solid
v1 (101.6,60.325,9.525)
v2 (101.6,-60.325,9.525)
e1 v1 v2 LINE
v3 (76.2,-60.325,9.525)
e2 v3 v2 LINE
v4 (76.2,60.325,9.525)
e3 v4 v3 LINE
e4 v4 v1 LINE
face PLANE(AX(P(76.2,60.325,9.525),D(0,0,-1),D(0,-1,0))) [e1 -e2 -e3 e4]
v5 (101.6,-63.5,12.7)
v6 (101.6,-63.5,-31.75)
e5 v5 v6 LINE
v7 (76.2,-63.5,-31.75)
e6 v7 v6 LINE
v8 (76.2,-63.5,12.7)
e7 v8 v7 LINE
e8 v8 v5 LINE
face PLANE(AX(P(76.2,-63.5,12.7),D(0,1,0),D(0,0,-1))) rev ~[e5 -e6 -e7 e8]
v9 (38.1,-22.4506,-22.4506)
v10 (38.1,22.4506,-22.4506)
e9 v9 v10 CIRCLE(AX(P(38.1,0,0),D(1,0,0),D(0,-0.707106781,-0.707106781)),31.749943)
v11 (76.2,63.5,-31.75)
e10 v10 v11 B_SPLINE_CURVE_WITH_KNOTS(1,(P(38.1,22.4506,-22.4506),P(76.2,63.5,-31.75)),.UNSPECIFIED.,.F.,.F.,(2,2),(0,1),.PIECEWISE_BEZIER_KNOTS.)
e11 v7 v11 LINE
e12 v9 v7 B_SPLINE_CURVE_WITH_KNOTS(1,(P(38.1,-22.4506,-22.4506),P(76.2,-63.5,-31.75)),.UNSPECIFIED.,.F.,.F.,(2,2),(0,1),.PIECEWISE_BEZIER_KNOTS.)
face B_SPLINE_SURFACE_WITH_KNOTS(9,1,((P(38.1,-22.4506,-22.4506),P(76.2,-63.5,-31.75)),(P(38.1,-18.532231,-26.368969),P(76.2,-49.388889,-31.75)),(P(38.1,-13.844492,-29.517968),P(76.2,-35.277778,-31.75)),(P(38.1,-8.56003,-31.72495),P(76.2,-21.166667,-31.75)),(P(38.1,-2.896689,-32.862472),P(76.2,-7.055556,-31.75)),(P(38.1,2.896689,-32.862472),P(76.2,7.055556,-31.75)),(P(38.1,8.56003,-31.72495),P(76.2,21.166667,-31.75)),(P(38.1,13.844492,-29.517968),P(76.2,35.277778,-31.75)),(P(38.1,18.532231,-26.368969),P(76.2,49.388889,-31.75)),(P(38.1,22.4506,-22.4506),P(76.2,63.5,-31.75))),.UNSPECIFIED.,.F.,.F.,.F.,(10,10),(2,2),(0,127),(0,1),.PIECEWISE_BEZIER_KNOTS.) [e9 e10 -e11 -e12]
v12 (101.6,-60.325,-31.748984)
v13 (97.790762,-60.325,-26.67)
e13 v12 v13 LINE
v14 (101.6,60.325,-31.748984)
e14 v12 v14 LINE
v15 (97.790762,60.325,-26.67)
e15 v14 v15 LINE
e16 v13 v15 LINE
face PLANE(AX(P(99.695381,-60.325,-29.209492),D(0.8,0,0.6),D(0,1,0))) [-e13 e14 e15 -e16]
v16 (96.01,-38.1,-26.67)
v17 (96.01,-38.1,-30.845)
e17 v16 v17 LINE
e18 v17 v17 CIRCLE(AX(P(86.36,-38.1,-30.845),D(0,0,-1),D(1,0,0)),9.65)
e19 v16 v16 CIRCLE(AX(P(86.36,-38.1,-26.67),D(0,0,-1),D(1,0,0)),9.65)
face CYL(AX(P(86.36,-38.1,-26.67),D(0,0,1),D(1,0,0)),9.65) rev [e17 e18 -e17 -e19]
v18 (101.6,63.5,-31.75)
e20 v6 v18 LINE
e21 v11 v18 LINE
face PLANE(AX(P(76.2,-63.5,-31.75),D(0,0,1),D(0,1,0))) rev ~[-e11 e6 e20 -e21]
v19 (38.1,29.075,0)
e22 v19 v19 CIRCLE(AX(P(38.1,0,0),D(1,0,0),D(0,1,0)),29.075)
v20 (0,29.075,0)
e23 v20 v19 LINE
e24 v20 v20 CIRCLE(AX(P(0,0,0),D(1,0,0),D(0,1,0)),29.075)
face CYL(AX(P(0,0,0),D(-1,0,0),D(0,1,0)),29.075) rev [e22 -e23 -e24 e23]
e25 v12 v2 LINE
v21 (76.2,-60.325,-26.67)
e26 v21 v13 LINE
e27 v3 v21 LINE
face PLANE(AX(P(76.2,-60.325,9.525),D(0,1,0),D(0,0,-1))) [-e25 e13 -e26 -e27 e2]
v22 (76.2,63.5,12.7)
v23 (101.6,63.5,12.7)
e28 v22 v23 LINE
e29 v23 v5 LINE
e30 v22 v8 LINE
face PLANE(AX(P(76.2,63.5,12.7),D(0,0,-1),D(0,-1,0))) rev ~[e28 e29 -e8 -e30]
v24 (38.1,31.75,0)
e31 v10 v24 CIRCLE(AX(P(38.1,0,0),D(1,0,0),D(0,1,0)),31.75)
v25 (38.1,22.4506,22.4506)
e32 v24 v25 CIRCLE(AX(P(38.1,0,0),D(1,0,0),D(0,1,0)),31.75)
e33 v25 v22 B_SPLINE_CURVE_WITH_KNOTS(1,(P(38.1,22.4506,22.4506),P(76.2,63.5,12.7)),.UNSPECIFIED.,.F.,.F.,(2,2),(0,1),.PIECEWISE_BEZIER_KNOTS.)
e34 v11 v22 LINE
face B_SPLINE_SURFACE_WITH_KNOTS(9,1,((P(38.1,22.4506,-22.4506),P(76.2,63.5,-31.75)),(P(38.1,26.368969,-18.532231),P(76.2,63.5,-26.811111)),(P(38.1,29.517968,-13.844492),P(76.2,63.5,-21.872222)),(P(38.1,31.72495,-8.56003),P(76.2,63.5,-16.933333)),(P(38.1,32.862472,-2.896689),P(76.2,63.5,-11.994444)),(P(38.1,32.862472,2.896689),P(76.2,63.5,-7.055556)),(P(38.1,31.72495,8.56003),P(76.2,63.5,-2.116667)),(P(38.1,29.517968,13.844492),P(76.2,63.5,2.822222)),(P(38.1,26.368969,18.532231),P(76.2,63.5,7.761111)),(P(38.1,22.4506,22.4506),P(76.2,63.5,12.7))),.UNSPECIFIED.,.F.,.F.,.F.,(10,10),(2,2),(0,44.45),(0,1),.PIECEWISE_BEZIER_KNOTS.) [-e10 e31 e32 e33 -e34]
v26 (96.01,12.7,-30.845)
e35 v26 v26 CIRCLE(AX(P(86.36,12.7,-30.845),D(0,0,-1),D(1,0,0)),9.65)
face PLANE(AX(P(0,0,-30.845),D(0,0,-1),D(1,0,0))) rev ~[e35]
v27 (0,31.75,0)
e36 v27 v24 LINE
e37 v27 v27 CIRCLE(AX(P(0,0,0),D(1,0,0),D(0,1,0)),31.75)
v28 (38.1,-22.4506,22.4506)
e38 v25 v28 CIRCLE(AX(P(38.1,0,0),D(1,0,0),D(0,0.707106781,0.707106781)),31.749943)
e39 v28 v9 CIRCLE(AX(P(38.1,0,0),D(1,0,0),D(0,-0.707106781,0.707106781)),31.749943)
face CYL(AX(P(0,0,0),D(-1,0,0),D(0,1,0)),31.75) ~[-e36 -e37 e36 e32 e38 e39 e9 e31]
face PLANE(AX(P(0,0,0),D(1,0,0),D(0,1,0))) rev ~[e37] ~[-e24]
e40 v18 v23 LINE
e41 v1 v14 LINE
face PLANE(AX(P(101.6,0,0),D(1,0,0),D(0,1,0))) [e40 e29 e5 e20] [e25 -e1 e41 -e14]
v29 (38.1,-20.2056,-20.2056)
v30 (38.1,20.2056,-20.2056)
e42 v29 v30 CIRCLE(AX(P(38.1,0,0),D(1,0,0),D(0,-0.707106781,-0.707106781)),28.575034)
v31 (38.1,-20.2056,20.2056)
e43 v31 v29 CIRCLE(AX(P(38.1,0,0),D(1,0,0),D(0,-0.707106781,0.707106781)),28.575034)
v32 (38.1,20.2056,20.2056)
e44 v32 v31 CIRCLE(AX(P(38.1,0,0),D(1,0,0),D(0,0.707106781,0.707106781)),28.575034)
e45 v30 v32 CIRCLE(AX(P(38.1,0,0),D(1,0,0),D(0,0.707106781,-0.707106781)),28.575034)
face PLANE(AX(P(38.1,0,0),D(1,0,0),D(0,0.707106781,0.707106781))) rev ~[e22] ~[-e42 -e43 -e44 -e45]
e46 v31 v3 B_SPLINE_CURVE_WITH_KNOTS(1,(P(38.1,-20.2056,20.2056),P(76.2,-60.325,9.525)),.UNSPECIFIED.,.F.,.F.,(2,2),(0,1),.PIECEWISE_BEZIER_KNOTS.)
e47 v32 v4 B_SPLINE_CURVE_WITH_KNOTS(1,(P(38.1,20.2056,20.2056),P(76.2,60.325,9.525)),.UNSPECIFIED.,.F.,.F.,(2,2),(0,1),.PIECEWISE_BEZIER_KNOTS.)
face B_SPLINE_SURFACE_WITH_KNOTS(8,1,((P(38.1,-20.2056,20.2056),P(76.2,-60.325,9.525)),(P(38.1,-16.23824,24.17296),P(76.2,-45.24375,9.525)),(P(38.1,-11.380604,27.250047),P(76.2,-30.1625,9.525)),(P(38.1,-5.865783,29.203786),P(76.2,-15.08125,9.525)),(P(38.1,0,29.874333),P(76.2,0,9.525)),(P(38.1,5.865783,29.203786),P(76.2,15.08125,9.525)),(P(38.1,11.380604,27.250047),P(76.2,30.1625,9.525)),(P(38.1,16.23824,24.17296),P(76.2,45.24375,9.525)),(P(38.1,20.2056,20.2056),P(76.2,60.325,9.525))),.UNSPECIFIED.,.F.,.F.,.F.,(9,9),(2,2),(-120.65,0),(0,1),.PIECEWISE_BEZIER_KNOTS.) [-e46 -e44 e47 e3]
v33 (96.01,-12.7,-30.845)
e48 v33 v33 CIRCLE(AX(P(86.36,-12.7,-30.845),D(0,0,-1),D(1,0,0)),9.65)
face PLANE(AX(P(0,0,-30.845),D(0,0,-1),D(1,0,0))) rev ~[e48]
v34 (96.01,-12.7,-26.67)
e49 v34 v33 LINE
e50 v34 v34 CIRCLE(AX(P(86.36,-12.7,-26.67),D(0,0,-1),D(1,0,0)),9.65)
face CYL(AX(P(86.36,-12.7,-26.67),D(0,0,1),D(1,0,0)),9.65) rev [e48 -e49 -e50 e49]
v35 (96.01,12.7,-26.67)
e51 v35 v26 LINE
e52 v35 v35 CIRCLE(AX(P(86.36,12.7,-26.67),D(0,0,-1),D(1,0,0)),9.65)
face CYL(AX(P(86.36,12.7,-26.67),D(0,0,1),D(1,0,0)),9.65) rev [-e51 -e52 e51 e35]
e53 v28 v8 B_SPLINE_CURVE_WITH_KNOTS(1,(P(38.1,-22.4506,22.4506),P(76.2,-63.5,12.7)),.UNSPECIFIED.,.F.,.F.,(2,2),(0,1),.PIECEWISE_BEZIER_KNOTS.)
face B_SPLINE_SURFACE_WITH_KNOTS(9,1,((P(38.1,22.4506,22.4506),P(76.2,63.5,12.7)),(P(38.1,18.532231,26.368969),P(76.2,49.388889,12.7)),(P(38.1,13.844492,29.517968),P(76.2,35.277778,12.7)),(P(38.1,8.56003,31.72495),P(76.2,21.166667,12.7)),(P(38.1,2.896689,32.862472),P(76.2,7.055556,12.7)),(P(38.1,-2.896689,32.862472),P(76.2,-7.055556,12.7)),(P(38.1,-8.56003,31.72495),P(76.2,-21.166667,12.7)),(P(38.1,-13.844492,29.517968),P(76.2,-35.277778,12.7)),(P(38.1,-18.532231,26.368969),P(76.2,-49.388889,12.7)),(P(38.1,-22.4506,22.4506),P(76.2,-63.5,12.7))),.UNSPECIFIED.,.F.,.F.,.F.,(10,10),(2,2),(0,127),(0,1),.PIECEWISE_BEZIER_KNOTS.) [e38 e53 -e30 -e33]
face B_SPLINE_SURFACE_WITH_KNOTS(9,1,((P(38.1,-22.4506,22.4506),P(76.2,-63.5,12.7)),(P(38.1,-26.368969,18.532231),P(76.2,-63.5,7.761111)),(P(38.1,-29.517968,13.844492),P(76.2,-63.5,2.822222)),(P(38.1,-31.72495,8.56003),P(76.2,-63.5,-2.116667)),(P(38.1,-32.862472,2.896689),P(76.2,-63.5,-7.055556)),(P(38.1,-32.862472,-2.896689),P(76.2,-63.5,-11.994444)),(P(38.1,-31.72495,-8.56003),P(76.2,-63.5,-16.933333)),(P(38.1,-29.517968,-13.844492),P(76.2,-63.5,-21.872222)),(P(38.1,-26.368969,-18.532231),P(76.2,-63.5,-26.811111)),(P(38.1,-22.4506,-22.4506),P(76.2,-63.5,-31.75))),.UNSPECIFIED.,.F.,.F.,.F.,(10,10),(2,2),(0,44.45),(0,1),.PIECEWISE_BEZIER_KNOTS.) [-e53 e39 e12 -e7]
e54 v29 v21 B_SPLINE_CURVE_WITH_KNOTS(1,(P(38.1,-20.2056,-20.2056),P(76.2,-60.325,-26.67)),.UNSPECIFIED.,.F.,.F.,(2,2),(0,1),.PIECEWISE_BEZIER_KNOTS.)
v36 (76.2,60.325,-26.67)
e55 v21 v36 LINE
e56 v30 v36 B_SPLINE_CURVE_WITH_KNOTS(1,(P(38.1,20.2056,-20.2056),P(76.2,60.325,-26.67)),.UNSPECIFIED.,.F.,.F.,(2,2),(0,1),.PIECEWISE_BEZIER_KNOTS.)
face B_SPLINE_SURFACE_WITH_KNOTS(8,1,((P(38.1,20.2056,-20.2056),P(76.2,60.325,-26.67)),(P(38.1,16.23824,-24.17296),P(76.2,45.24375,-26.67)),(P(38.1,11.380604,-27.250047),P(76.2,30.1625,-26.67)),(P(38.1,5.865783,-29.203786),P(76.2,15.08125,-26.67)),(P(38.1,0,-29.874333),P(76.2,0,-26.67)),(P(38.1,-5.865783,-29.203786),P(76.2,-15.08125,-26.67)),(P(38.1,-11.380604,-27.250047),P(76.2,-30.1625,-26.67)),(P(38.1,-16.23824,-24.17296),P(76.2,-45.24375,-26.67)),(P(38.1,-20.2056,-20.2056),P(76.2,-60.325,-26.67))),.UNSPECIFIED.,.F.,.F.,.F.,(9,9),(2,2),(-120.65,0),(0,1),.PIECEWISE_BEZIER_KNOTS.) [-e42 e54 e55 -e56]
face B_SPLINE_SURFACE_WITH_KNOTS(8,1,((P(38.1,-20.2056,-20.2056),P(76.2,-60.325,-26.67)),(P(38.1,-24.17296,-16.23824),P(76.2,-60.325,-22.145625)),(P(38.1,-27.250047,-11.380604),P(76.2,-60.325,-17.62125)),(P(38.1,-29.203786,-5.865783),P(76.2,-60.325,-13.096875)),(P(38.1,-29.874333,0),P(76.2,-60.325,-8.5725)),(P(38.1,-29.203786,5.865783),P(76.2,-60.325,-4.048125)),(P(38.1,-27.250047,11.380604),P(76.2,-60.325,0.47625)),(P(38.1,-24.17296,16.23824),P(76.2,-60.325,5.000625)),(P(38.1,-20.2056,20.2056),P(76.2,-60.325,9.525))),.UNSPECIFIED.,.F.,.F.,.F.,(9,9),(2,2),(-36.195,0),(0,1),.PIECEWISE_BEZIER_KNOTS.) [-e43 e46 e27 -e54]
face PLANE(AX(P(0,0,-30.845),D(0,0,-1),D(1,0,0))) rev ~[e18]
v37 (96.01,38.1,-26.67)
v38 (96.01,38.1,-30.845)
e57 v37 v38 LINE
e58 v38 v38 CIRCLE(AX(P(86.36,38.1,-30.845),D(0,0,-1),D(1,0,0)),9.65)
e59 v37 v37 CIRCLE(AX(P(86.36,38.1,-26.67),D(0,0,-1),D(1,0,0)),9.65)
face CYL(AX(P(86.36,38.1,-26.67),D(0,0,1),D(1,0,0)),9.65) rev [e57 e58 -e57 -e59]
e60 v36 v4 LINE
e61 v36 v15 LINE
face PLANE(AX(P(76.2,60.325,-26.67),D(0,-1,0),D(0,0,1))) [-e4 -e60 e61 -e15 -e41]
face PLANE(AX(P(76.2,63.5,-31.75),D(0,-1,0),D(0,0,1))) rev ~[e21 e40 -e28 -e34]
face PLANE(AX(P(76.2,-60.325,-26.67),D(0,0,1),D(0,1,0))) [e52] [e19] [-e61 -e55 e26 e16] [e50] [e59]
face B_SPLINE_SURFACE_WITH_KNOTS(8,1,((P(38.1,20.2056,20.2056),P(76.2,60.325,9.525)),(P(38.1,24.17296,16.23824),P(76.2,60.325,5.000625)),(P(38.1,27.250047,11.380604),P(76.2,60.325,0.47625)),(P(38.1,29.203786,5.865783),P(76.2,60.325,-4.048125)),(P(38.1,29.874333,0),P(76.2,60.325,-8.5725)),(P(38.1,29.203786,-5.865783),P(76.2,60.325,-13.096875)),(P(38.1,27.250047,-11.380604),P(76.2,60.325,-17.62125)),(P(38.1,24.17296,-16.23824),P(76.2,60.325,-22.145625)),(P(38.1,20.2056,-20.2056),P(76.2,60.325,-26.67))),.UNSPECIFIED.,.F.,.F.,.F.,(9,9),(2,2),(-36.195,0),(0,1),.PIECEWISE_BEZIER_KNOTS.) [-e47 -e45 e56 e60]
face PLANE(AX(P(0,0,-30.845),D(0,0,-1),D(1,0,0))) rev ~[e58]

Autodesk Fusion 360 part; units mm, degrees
sketch "Sketch1" plane through (0, 0, 0) normal (1, 0, 0) x (0, 1, 0)
  circle A0 centre (0, 0) radius 29.075
  circle A1 centre (0, 0) radius 31.75
  dimension "d1" = 58.15
  dimension "d2" = 63.5
extrude "Extrude1" add sketch "Sketch1" along normal blind 38.1
ref_plane "WorkPlane1" through (76.2, 0, 0) normal (1, 0, 0) x (0, 1, 0)
sketch "Sketch2" plane through (76.2, 0, 0) normal (1, 0, 0) x (0, 1, 0)
  line L0 (-63.5, -31.75) -> (63.5, -31.75)
  line L1 (63.5, -31.75) -> (63.5, 12.7)
  line L2 (63.5, 12.7) -> (-63.5, 12.7)
  line L3 (-63.5, 12.7) -> (-63.5, -31.75)
  circle A0 centre (0, 0) radius 31.75 construction
  line L4 (-60.325, -26.67) -> (60.325, -26.67)
  line L5 (60.325, -26.67) -> (60.325, 9.525)
  line L6 (60.325, 9.525) -> (-60.325, 9.525)
  line L7 (-60.325, 9.525) -> (-60.325, -26.67)
  dimension "d6" = 63.5
  dimension "d7" = 63.5
  dimension "d8" = 44.45
sketch "Sketch3" plane through (38.1, 0, 0) normal (1, 0, 0) x (0, 1, 0)
  line L0 (0, 0) -> (-24.2467, -24.2467) construction
  arc A0 (-20.2056, 20.2056) -> (-20.2056, -20.2056) centre (0, 0) ccw
  arc A1 (20.2056, 20.2056) -> (-20.2056, 20.2056) centre (0, 0) ccw
  arc A2 (20.2056, -20.2056) -> (20.2056, 20.2056) centre (0, 0) ccw
  arc A3 (-20.2056, -20.2056) -> (20.2056, -20.2056) centre (0, 0) ccw
  arc A4 (-22.4506, 22.4506) -> (-22.4506, -22.4506) centre (0, 0) ccw
  line L1 (0, 0) -> (-22.4506, 22.4506) construction
  line L2 (0, 0) -> (-22.4506, -22.4506) construction
  arc A5 (22.4506, 22.4506) -> (-22.4506, 22.4506) centre (0, 0) ccw
  line L3 (0, 0) -> (22.4506, 22.4506) construction
  line L4 (0, 0) -> (-22.4506, 22.4506) construction
  arc A6 (22.4506, -22.4506) -> (22.4506, 22.4506) centre (0, 0) ccw
  line L5 (0, 0) -> (22.4506, -22.4506) construction
  line L6 (0, 0) -> (22.4506, 22.4506) construction
  arc A7 (-22.4506, -22.4506) -> (22.4506, -22.4506) centre (0, 0) ccw
  dimension "d10" = 28.575
  dimension "d11" = 31.75
  dimension "d12" = 90
  dimension "d13" = 90
  dimension "d14" = 90
loft "Loft1" add profiles "Sketch3", "Sketch2" section 1 section 2
loft "Loft2" cut profiles "Sketch3", "Sketch2" section 1 contours A0 A1 A2 A3 section 2 contours L4 L5 L6 L7
extrude "Extrude2" add sketch "Sketch2" along normal blind 25.4
sketch "Sketch4" plane through (0, 0, -26.67) normal (0, 0, -1) x (1, 0, 0)
  circle A0 centre (86.36, 38.1) radius 9.65
  circle A1 centre (86.36, -38.1) radius 9.65
  line L0 (76.2, 63.5) -> (101.6, 63.5) construction
  line L1 (76.2, -63.5) -> (101.6, -63.5) construction
  line L2 (86.36, 63.5) -> (86.36, -63.5) construction
  circle A2 centre (86.36, 12.7) radius 9.65
  circle A3 centre (86.36, -12.7) radius 9.65
  dimension "d18" = 19.3
  dimension "d20" = 19.3
  dimension "d28" = 19.3
  dimension "d29" = 19.3
  dimension "d30" = 25.4
  dimension "d31" = 25.4
  dimension "d32" = 25.4
  dimension "d33" = 25.4
  dimension "d35" = 10.16
extrude "Extrude3" cut sketch "Sketch4" along normal blind 4.175
chamfer "Chamfer1" distance 5.08 distance2 3.81 1 edges at (101.6, 0, -26.67) measured on face at (101.6, 20.1083, -30.0567)
equation "d1 = 2.25 in + 1 mm"
equation "d2 = 2.25 in + 0.25 in"
equation "d18 = magnetDiameter + magnetClearance"
equation "d20 = magnetDiameter + magnetClearance"
equation "d25 = magnetHeight + 1 mm"
equation "d28 = magnetDiameter + magnetClearance"
equation "d29 = magnetDiameter + magnetClearance"
equation "magnetDiameter = 0.75 in"
equation "magnetClearance = 0.25 mm"
equation "magnetHeight = ( 1 / 8 ) * 1 in"
